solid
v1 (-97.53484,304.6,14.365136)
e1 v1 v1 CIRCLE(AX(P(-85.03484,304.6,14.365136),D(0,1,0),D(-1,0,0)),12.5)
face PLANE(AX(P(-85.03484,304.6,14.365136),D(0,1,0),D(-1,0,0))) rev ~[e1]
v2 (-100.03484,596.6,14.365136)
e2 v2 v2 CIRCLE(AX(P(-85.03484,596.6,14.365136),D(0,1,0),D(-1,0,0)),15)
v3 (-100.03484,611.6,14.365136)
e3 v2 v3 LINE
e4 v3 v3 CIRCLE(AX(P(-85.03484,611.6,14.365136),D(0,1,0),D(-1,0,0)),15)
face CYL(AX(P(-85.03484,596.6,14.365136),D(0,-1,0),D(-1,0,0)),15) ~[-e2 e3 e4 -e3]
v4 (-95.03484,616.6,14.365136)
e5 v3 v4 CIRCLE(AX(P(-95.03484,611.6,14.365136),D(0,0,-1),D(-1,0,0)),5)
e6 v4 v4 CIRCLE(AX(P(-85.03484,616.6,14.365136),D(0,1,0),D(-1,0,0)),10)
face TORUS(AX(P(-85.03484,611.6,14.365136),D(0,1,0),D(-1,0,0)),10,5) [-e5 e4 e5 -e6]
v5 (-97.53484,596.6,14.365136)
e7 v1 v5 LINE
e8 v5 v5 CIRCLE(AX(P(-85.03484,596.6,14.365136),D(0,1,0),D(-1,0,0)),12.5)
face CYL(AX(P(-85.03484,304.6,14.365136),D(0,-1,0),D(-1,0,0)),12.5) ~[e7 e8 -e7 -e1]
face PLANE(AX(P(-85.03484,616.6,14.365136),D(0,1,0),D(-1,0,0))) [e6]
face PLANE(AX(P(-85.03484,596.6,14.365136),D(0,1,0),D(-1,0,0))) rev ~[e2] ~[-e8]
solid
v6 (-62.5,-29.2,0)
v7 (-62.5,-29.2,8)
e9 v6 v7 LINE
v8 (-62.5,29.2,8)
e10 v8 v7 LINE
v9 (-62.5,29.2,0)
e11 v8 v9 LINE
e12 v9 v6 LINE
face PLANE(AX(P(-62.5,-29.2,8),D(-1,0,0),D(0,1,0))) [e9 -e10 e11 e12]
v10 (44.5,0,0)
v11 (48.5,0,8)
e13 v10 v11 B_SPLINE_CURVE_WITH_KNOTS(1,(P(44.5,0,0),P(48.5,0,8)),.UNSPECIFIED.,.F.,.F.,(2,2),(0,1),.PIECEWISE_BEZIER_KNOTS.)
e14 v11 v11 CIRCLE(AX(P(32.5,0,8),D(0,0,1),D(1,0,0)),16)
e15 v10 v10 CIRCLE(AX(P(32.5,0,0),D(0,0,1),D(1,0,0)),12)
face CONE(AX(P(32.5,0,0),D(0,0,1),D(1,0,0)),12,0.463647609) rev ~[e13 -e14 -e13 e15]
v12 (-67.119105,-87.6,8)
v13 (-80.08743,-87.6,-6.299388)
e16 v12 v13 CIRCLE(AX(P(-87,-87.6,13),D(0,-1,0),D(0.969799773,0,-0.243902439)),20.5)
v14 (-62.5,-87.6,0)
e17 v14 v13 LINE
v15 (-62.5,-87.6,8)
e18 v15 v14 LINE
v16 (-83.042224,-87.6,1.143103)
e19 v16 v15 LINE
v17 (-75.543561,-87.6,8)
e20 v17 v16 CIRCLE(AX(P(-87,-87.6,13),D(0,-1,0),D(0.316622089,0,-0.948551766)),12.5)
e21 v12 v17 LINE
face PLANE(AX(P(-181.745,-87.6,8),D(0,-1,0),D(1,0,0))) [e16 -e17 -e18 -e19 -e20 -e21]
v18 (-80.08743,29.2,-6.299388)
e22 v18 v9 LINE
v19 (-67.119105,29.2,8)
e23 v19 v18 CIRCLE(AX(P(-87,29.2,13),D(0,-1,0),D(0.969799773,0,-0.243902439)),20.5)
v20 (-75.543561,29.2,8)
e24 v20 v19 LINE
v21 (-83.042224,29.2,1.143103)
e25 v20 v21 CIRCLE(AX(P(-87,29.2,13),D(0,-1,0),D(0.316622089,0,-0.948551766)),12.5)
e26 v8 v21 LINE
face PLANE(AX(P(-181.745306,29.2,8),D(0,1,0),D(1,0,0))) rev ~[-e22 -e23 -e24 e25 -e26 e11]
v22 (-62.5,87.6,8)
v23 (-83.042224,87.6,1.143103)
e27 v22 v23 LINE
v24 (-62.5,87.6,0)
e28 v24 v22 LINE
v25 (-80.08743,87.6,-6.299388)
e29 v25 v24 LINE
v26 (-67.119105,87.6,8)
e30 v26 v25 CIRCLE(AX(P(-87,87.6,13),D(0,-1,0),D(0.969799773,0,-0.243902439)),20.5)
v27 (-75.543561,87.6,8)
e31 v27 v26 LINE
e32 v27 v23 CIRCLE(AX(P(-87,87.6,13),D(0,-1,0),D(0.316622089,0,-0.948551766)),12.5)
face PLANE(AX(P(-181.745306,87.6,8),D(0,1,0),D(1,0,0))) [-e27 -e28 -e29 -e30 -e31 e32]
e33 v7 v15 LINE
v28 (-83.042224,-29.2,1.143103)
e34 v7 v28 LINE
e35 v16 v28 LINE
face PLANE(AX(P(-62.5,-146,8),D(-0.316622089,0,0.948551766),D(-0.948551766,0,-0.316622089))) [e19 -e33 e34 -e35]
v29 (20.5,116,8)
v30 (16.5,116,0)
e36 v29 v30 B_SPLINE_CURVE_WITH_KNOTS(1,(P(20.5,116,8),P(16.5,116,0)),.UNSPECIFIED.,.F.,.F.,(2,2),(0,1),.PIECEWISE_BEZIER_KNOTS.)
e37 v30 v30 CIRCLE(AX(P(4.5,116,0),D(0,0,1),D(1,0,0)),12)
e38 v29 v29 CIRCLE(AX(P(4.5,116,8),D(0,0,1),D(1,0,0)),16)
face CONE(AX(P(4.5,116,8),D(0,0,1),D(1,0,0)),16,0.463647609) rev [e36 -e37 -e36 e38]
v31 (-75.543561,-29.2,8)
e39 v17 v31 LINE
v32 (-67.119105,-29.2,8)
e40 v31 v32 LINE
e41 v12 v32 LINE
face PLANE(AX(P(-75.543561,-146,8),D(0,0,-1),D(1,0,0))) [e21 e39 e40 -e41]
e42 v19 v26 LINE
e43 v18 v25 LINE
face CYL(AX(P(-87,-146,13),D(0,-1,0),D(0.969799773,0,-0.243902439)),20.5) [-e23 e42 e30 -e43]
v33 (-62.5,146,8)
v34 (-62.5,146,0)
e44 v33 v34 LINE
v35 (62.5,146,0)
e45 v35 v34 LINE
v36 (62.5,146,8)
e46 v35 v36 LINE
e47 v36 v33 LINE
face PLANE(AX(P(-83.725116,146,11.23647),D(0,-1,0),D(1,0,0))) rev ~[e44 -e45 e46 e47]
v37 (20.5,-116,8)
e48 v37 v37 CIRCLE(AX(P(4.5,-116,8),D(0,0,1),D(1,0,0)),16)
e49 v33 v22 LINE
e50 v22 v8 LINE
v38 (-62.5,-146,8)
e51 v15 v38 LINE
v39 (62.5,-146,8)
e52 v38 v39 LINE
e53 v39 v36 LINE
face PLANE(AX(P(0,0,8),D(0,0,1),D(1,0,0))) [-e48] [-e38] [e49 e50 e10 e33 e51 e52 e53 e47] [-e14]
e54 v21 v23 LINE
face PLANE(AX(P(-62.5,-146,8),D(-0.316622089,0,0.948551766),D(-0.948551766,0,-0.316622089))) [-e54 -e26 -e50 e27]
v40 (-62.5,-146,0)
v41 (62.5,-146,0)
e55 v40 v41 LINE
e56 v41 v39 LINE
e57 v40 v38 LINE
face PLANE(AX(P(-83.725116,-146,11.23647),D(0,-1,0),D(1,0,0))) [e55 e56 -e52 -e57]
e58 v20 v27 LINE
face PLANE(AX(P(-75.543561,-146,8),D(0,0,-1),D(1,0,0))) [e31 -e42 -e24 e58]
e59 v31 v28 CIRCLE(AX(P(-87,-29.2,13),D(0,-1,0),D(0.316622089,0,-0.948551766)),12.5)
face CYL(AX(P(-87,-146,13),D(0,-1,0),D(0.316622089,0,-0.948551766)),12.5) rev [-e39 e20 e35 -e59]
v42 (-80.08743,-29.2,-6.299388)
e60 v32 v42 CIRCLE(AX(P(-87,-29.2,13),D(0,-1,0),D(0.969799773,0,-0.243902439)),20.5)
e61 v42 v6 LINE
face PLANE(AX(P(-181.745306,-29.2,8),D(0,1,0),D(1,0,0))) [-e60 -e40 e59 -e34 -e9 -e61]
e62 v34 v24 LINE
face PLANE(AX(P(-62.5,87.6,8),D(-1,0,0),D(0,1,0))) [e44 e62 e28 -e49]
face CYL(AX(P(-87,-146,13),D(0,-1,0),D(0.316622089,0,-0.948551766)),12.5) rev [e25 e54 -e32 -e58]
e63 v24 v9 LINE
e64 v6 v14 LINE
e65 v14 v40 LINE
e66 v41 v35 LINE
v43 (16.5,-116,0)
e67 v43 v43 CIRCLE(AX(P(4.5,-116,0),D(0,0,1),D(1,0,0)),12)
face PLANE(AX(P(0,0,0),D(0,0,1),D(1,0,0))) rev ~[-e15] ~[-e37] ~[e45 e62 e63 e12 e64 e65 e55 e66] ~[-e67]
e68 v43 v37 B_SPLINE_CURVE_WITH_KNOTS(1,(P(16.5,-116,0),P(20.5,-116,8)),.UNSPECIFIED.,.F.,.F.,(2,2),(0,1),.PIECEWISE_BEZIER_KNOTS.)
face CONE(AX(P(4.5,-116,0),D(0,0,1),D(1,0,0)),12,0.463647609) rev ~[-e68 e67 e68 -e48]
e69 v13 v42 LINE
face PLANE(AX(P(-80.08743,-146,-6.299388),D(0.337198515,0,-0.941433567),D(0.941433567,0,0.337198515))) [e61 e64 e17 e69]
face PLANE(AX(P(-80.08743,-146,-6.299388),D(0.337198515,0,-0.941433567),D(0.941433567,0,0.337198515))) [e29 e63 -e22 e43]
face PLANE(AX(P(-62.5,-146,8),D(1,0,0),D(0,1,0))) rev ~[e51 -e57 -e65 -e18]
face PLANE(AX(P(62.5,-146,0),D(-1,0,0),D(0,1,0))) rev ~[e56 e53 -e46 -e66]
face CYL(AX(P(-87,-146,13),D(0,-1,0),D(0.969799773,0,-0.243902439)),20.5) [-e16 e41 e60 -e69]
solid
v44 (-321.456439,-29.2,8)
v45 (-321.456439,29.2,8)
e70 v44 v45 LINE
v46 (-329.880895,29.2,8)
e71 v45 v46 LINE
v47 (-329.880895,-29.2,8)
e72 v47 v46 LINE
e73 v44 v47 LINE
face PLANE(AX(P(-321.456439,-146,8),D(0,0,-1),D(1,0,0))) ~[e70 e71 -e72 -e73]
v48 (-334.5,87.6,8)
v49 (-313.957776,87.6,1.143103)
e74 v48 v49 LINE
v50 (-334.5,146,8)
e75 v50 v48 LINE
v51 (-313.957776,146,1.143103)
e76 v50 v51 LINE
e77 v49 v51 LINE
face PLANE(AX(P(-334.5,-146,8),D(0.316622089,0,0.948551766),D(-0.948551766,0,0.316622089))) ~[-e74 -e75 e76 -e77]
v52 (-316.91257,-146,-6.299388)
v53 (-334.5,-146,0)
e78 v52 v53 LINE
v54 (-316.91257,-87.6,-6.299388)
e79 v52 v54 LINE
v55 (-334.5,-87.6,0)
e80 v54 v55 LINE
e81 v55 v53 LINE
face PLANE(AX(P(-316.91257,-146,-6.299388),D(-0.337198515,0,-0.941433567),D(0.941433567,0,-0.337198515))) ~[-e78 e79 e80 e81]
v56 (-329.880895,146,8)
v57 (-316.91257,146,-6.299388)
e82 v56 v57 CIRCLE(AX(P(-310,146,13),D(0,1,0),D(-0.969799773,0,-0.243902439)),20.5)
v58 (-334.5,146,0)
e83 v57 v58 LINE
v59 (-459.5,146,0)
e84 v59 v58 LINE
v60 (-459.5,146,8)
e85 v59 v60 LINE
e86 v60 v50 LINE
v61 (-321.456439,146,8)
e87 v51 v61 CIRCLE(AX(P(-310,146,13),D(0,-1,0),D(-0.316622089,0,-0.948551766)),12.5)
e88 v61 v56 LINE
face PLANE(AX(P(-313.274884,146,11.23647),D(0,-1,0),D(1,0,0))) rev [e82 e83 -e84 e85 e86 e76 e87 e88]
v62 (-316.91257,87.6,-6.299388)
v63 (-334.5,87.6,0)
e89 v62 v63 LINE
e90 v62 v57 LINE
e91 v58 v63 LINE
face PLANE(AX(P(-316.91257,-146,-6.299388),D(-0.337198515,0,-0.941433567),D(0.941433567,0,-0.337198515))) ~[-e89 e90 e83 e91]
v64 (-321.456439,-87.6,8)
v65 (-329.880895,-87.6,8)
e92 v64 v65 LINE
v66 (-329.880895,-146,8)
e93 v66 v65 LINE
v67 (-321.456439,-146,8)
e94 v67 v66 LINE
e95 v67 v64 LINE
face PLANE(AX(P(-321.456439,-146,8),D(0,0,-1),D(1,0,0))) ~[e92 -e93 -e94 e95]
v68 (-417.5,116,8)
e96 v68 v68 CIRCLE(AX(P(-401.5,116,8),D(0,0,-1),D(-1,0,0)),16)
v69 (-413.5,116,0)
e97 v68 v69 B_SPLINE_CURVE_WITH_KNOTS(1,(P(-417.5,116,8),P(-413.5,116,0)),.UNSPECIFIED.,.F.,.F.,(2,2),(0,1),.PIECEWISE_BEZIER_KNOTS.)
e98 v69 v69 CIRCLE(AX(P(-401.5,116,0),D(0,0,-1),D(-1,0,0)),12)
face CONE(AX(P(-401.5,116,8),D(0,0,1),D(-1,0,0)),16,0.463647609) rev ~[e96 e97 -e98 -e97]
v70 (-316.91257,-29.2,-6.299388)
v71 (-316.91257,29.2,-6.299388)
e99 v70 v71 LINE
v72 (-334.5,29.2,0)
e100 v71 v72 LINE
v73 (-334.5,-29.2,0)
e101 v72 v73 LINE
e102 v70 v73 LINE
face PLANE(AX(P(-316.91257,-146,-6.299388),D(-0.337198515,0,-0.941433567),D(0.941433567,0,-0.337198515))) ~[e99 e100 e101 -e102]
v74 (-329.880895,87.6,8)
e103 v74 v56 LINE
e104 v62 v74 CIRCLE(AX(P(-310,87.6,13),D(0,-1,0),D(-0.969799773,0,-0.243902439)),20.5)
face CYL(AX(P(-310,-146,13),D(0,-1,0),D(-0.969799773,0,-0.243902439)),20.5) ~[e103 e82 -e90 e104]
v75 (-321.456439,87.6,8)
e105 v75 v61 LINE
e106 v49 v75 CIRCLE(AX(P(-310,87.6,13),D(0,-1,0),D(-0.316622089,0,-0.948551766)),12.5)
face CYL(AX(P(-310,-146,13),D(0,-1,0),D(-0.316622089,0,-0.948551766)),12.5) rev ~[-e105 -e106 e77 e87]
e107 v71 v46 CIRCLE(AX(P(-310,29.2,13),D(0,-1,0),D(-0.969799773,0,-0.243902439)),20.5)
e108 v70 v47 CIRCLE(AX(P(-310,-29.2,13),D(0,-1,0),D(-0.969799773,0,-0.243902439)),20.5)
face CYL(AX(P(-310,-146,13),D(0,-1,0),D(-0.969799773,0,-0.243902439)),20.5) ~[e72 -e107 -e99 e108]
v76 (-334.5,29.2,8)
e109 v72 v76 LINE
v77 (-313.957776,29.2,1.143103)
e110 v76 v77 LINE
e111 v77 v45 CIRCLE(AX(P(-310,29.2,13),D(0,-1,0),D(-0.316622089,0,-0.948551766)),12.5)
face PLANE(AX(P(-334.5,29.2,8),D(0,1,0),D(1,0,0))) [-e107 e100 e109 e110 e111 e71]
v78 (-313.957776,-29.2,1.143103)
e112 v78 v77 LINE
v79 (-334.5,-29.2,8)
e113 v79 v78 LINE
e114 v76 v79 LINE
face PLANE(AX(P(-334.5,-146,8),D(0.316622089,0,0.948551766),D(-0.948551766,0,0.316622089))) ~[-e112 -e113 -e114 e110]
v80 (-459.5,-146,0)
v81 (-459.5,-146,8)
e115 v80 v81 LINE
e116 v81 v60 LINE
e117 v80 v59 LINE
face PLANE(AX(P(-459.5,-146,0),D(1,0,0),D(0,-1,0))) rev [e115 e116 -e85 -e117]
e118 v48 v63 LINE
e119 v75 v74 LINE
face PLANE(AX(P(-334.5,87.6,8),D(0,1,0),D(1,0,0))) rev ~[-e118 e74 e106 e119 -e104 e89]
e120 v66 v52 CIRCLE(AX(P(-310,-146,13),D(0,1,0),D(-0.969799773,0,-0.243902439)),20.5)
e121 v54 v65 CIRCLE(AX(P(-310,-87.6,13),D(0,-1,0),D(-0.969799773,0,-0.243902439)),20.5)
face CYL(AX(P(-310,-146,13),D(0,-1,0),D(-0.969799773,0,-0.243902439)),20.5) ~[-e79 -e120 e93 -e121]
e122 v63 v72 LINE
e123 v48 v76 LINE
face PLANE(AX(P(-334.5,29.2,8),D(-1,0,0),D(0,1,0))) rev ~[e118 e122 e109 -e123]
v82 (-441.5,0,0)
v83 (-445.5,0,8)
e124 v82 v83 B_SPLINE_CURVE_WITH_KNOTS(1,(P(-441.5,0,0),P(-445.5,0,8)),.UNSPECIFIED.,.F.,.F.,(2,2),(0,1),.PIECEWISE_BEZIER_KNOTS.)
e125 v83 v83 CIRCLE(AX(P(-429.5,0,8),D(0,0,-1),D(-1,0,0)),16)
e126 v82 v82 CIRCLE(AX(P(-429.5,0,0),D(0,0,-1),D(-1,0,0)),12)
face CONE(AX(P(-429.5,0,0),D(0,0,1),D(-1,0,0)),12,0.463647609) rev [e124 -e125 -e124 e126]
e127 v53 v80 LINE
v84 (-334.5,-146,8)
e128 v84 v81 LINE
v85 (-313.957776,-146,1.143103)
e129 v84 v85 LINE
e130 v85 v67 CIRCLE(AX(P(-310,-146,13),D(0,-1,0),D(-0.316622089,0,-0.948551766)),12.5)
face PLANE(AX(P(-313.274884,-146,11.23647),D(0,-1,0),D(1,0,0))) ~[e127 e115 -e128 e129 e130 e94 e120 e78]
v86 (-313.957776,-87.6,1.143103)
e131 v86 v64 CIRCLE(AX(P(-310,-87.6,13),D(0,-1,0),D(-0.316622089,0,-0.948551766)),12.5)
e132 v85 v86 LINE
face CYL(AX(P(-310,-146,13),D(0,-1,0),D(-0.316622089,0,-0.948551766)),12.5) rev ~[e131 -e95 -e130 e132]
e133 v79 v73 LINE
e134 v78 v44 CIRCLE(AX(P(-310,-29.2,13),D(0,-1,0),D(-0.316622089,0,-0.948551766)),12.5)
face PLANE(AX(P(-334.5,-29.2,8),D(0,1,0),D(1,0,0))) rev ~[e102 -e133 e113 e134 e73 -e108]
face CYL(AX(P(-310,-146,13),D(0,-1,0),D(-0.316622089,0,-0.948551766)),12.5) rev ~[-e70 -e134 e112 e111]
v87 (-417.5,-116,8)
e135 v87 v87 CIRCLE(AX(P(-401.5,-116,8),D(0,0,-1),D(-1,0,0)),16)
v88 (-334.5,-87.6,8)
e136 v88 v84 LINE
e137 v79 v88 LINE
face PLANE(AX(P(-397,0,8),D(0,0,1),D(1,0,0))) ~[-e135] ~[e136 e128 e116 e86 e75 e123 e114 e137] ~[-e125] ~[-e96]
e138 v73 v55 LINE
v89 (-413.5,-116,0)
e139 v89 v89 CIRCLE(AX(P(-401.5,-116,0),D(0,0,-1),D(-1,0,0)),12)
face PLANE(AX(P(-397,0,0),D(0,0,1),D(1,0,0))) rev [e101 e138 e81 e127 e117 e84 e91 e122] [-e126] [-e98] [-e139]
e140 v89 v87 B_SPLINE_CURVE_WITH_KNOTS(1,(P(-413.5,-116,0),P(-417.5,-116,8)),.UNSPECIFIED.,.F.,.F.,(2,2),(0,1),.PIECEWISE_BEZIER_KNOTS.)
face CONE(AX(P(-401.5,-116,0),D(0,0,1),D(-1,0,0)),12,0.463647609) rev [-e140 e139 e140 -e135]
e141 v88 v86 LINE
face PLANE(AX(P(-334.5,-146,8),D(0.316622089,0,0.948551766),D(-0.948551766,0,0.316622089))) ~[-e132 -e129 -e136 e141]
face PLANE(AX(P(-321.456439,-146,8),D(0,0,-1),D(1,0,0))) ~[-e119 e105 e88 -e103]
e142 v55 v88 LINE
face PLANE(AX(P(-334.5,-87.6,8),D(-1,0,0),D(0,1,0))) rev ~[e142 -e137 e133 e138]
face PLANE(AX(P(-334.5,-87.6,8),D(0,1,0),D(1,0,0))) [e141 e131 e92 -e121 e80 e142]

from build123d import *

# Parameters (mm, degrees)
F1_DEPTH  = 8
F4_DEPTH  = 292
F6_R      = 12
F5_R      = 16
F12_W     = 114.7051454782
F12_H     = 58.4
F7_W      = 119.2453056574
F7_H      = 58.4
F7_W_2    = 119.245
F13_DEPTH = 50
F15_R     = 12.5
F16_DEPTH = 292
F17_R     = 15
F17_R_2   = 12.5
F18_DEPTH = 20
F19_R     = 5


with BuildPart() as f1:
    # F0 (on Top) → F1 (new body)
    with BuildSketch(Plane.XY):
        Polygon((4.5, -146), (62.5, -146), (62.5, 116), (62.5, 146), (4.5, 146), (-62.5, 146), (-62.5, -146), align=None)
    extrude(amount=F1_DEPTH)

    # F3 (on face) → F4 (join)
    with BuildSketch(Plane.XZ.offset(146)):
        with BuildLine():
            ThreePointArc((-83.0422238932, 1.1431029233), (-95.4352692932, 22.2247618913), (-75.5435607626, 8))
            Line((-75.5435607626, 8), (-67.1191046479, 8))
            ThreePointArc((-67.1191046479, 8), (-102.1852087826, 26.7716895924), (-80.0874304335, -6.2993881247))
            Line((-80.0874304335, -6.2993881247), (-62.5, 0))
            Line((-62.5, 0), (-62.5, 8))
            Line((-62.5, 8), (-83.0422238932, 1.1431029233))
        make_face()
    extrude(amount=-F4_DEPTH)

    # F6 (on face) → F8 section 0
    with BuildSketch(Plane.XY):
        with Locations((4.5, -116)):
            Circle(F6_R)
    # F5 (on face) → F8 section 1
    with BuildSketch(Plane.XY.offset(8)):
        with Locations((4.5, -116)):
            Circle(F5_R)
    loft(mode=Mode.SUBTRACT)

    # F6 (on face) → F9 section 0
    with BuildSketch(Plane.XY):
        with Locations((32.5, 0)):
            Circle(F6_R)
    # F5 (on face) → F9 section 1
    with BuildSketch(Plane.XY.offset(8)):
        with Locations((32.5, 0)):
            Circle(F5_R)
    loft(mode=Mode.SUBTRACT)

    # F5 (on face) → F10 section 0
    with BuildSketch(Plane.XY.offset(8)):
        with Locations((4.5, 116)):
            Circle(F5_R)
    # F6 (on face) → F10 section 1
    with BuildSketch(Plane.XY):
        with Locations((4.5, 116)):
            Circle(F6_R)
    loft(mode=Mode.SUBTRACT)


with BuildPart() as f11_1:
    # F11: instance of F1
    add(f1.part.mirror(Plane(origin=(-198.5, 0, 4), x_dir=(0, -1, 0), z_dir=(-1, 0, 0))))


with BuildPart() as f13_tool:
    # F12 (on face) + F7 (on face) → F13 (new body, symmetric)
    with BuildSketch(Plane.XY.offset(8)):
        with Locations((-277.1474272609, -58.4)):
            Rectangle(F12_W, F12_H)
        with Locations((-277.1474272609, 58.4)):
            Rectangle(F12_W, F12_H)
    with BuildSketch(Plane.XY.offset(8)):
        with Locations((-122.1226528287, 0)):
            Rectangle(F7_W, F7_H)
        with Locations((-122.1226528287, 116.8)):
            Rectangle(F7_W, F7_H)
        with Locations((-122.1225, -116.8)):
            Rectangle(F7_W_2, F7_H)
    extrude(amount=F13_DEPTH, both=True)


with BuildPart() as f1_1:
    add(f1.part)

    # F13: cut by f13_tool
    add(f13_tool.part, mode=Mode.SUBTRACT)


with BuildPart() as f11_1_1:
    add(f11_1.part)

    # F13: cut by f13_tool
    add(f13_tool.part, mode=Mode.SUBTRACT)


with BuildPart() as f16:
    # F15 (on offset) → F16 (new body)
    with BuildSketch(Plane(origin=(0, 304.6, 0), x_dir=(-1, 0, 0), z_dir=(0, 1, 0))):
        with Locations((85.0348398089, 14.3651356921)):
            Circle(F15_R)
    extrude(amount=F16_DEPTH)

    # F17 (on face) → F18 (join)
    with BuildSketch(Plane(origin=(0, 596.6, 0), x_dir=(-1, 0, 0), z_dir=(0, 1, 0))):
        with Locations((85.0348398089, 14.3651356921)):
            Circle(F17_R)
        with Locations((85.0348398089, 14.3651356921)):
            Circle(F17_R_2, mode=Mode.SUBTRACT)
        with Locations((85.0348398089, 14.3651356921)):
            Circle(F17_R_2)
    extrude(amount=F18_DEPTH)

    # F19
    f19_edges = [f16.edges().sort_by_distance(p)[0] for p in [
        (-70.03484, 616.6, 14.365136),
    ]]
    fillet(f19_edges, radius=F19_R)


solid = Compound([f1_1.part, f11_1_1.part, f16.part])
